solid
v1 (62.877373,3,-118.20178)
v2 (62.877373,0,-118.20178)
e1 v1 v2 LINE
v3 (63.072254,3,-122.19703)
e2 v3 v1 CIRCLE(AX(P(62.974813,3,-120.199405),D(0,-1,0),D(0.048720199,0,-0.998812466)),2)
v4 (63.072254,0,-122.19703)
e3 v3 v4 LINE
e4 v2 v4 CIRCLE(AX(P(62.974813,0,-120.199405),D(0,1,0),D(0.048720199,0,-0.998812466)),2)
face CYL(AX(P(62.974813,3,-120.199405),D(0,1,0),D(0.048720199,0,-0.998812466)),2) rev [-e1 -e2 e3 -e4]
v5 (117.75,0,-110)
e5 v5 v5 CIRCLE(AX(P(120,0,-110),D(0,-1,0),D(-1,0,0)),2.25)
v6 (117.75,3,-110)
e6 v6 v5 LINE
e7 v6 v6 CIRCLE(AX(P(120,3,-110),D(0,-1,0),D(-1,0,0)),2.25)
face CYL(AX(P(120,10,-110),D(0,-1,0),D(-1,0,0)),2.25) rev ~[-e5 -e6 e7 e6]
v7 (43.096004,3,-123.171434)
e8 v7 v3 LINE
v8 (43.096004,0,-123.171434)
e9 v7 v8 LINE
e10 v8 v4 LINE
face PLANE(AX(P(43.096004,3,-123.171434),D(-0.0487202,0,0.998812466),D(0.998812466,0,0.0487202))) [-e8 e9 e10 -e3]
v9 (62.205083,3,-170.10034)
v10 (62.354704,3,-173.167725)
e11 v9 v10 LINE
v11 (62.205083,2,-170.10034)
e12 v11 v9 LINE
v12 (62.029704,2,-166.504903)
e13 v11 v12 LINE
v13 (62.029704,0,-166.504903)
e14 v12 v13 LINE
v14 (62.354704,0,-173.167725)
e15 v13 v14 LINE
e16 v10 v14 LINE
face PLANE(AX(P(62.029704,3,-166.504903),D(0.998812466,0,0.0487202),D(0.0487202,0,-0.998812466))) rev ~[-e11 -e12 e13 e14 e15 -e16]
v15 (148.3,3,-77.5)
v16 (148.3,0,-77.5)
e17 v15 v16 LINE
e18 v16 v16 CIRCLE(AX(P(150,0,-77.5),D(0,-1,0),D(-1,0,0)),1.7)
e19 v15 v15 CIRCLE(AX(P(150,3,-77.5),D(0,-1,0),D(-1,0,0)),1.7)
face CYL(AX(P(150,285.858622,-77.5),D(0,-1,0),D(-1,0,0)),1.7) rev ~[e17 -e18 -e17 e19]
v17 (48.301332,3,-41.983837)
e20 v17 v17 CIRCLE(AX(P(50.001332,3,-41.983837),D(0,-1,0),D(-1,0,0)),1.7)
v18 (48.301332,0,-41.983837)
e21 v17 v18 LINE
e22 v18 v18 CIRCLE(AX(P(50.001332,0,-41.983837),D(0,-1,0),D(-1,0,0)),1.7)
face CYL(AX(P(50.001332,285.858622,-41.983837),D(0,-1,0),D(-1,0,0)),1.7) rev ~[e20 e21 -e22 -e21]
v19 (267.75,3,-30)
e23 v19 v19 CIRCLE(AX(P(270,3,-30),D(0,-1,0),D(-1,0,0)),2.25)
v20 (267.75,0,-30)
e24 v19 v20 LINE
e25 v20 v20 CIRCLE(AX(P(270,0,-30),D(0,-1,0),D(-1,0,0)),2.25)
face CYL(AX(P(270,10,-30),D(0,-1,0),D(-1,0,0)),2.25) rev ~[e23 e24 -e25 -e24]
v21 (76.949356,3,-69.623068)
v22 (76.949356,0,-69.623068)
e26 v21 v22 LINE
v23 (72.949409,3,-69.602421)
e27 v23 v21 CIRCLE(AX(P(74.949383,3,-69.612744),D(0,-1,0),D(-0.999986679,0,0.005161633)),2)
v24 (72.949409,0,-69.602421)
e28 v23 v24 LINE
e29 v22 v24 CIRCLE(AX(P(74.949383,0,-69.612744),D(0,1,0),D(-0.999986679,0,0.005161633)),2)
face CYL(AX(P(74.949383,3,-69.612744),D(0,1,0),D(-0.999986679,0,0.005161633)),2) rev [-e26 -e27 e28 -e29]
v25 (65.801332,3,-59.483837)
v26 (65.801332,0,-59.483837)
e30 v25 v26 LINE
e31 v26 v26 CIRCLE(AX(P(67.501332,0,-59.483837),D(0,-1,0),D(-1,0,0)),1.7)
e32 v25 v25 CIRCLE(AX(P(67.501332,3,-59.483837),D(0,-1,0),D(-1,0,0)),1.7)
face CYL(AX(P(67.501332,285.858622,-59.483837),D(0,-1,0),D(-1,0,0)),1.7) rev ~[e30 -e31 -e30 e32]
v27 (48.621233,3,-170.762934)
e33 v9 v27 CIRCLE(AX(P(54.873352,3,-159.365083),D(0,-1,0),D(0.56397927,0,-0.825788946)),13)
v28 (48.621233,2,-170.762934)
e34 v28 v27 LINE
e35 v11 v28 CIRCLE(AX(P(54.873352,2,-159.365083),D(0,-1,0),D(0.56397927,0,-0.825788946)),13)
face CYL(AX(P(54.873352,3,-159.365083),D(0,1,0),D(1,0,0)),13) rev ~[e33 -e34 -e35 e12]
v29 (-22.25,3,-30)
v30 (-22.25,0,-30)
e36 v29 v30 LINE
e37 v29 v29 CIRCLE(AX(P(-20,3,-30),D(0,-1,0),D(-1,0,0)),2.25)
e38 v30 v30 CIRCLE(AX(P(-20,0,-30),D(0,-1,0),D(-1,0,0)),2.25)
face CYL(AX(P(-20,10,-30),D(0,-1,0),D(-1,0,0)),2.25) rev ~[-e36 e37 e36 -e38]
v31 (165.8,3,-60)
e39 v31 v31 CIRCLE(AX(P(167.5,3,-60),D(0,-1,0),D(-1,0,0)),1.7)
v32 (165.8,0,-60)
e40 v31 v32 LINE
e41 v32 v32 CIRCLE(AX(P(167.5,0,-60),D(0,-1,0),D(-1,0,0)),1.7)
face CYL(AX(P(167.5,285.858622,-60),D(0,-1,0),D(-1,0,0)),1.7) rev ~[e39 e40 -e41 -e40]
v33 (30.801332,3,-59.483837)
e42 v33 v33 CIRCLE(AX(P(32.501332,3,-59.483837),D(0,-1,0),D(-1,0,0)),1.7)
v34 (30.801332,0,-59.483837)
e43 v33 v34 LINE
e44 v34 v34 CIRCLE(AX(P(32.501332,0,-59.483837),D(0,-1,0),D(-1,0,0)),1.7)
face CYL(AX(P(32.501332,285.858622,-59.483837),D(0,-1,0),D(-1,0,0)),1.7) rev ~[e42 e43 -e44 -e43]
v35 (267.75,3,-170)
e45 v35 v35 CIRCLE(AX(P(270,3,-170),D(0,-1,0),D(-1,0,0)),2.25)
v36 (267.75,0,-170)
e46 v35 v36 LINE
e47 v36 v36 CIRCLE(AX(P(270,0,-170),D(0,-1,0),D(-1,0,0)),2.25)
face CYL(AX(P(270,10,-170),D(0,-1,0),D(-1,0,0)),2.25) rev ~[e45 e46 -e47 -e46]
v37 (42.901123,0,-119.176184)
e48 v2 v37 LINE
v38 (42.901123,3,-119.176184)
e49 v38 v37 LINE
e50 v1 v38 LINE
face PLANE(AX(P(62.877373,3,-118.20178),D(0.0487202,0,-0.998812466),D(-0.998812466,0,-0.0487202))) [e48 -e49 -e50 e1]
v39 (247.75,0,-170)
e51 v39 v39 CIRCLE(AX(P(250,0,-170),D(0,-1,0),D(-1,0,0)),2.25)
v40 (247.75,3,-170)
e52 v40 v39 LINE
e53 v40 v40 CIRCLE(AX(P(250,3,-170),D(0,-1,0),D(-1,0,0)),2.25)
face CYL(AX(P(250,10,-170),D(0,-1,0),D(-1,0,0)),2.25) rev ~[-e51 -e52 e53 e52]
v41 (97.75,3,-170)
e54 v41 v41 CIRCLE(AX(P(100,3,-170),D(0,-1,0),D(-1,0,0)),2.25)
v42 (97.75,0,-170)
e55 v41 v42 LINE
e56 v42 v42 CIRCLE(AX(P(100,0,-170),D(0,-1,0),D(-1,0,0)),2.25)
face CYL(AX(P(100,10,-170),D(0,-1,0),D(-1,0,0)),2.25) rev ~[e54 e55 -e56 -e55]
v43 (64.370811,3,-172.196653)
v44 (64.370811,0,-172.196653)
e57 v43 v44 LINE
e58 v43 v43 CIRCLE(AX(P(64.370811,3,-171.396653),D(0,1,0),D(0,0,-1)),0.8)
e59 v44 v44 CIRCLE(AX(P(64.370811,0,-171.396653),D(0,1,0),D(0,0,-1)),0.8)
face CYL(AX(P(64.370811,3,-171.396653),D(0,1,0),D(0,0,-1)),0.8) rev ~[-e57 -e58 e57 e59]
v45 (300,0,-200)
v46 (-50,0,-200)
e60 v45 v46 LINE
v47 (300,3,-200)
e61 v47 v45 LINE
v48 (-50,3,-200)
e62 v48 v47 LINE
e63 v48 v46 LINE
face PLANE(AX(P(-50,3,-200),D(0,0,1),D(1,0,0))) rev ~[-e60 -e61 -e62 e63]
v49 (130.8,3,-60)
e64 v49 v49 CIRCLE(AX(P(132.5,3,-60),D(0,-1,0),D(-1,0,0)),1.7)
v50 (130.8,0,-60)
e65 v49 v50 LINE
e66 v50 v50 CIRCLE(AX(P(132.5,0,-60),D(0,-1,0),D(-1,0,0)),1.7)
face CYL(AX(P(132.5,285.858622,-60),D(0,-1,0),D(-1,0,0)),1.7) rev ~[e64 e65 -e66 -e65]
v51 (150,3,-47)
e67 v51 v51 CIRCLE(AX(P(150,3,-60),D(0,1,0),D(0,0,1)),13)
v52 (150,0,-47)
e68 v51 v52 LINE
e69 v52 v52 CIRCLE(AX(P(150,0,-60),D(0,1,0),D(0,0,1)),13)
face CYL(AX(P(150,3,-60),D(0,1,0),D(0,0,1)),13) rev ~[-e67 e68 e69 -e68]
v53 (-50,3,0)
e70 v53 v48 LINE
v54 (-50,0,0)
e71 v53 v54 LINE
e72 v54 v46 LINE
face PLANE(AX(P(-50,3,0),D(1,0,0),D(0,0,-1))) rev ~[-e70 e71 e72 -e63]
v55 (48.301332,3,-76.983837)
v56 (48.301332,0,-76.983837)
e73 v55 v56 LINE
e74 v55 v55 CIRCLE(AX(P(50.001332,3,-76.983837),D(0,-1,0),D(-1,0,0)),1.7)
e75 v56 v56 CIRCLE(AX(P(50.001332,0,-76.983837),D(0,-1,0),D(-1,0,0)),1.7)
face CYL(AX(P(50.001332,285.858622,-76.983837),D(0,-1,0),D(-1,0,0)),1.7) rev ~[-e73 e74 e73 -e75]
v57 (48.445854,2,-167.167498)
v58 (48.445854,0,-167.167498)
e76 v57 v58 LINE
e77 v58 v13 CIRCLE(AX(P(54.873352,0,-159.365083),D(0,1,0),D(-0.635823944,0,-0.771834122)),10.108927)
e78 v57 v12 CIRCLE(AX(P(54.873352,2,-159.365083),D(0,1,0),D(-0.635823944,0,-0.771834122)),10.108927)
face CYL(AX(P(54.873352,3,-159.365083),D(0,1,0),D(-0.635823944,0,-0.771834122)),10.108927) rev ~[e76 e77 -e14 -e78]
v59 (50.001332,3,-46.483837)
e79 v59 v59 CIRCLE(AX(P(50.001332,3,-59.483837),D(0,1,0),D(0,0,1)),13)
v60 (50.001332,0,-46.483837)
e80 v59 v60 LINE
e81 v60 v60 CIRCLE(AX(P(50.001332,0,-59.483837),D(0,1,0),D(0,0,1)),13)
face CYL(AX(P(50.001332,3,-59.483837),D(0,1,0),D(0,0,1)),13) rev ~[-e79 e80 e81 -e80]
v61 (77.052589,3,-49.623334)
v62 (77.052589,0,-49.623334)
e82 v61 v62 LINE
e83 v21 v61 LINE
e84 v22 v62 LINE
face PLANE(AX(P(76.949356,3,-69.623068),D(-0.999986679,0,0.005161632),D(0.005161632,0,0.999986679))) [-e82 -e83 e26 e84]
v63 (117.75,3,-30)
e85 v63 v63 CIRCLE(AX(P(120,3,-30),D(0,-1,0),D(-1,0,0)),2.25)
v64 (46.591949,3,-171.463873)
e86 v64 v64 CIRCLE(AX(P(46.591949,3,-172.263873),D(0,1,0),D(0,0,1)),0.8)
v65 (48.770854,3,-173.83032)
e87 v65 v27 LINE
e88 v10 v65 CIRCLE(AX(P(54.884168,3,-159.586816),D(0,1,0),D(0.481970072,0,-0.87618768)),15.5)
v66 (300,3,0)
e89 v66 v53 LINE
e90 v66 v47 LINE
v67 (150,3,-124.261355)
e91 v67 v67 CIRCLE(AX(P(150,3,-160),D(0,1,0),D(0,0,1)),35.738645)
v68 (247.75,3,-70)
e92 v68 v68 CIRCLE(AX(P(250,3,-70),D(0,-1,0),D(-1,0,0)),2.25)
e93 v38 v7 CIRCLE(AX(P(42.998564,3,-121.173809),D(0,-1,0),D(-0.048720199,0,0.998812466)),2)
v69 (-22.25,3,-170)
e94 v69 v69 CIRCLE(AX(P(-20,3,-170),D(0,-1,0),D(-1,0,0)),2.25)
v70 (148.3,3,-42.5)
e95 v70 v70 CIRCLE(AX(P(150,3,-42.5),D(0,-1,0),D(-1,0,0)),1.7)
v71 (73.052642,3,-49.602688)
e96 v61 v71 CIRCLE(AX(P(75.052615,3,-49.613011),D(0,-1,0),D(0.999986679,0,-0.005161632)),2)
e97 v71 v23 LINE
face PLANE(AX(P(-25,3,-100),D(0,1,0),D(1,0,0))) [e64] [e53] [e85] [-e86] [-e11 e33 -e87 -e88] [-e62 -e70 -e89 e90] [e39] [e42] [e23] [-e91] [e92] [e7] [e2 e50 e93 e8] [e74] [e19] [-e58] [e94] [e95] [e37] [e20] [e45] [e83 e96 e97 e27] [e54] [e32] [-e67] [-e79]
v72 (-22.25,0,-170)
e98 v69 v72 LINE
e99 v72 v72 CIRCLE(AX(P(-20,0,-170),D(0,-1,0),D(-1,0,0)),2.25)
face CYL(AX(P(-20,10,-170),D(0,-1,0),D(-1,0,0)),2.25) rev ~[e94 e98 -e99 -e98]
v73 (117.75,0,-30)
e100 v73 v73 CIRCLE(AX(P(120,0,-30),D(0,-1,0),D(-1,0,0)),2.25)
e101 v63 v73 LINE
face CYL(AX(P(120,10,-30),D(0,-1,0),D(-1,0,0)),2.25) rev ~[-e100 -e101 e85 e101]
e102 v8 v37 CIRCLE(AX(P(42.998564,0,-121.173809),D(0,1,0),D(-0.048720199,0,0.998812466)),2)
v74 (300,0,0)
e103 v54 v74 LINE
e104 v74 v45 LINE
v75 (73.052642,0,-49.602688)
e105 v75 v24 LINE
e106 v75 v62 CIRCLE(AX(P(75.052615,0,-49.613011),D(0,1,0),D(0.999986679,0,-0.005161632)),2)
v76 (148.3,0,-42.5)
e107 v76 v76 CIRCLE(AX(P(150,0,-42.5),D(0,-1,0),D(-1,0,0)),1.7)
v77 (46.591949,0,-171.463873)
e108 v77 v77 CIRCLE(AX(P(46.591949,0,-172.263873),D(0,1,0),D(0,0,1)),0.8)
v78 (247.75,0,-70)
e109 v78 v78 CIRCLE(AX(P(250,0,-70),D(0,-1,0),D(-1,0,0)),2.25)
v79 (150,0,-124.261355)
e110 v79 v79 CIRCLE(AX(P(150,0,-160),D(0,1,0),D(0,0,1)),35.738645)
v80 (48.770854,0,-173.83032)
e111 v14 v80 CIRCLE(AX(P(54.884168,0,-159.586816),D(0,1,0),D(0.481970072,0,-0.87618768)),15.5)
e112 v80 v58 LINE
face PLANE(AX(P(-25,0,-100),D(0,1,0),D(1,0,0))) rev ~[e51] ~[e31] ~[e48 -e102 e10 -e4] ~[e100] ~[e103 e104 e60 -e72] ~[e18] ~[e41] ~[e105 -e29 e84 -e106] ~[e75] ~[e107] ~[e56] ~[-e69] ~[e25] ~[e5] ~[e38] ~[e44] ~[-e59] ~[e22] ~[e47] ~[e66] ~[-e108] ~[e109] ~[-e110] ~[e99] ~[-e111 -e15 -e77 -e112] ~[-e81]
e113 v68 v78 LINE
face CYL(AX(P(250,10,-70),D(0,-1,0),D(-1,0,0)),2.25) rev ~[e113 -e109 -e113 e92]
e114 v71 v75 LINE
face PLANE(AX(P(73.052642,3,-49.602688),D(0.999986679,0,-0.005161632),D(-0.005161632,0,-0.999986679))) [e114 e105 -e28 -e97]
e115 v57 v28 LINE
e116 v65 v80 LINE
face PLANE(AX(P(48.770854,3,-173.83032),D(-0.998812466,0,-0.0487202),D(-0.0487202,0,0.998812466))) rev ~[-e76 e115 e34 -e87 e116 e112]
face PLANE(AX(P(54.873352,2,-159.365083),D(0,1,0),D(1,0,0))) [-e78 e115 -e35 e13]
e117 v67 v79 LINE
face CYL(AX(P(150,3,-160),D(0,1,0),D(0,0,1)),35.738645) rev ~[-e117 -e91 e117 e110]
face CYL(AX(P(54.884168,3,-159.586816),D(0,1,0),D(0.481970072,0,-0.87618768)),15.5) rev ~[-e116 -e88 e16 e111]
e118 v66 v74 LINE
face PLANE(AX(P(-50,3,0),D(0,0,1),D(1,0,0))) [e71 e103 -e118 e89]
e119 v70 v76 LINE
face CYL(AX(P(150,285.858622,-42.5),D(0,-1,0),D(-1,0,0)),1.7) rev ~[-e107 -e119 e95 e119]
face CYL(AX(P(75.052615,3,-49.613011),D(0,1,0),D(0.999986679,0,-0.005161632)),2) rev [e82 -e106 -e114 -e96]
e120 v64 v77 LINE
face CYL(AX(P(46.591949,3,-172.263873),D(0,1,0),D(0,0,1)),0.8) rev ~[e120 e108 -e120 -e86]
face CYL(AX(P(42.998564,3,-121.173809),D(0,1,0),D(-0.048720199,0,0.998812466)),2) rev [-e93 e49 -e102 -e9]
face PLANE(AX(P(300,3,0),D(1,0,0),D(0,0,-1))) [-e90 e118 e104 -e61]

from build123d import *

# Parameters (mm, degrees)
SKETCH1_W                = 200
SKETCH1_H                = 200
BOSS_EXTRUDE1_DEPTH      = 3
SKETCH2_R                = 13
SKETCH2_R_2              = 35.7386452
SKETCH2_R_3              = 0.8
CUT_EXTRUDE1_DEPTH       = 283.85862193
M3_CLEARANCE_HOLE1_D     = 3.4
SKETCH5_R                = 13
CUT_EXTRUDE2_DEPTH       = 1
SKETCH6_W                = 50
SKETCH6_H                = 200
SKETCH6_W_2              = 100
BOSS_EXTRUDE2_DEPTH      = 3
M4_CLEARANCE_HOLE1_D     = 4.5
M4_CLEARANCE_HOLE1_DEPTH = 7
M4_CLEARANCE_HOLE1_TIP   = 1.351936393
M4_CLEARANCE_HOLE2_D     = 4.5
M4_CLEARANCE_HOLE2_DEPTH = 7
M4_CLEARANCE_HOLE2_TIP   = 1.351936393


with BuildPart() as part:
    # Sketch1 → Boss-Extrude1 (new body)
    with BuildSketch(Plane(origin=(0, 0, 0), x_dir=(1, 0, 0), z_dir=(0, 1, 0))):
        with Locations((100, 100)):
            Rectangle(SKETCH1_W, SKETCH1_H)
    extrude(amount=BOSS_EXTRUDE1_DEPTH)

    # Sketch2 → Cut-Extrude1 (cut, through all)
    with BuildSketch(Plane(origin=(0, 3, 0), x_dir=(1, 0, 0), z_dir=(0, 1, 0))):
        with Locations(Location((50.001332131, 59.483836796, 0), (0, 0, 270))):
            Circle(SKETCH2_R)
        with Locations(Location((150, 60, 0), (0, 0, 270))):
            Circle(SKETCH2_R)
        with Locations(Location((150, 160, 0), (0, 0, 270))):
            Circle(SKETCH2_R_2)
        with Locations(Location((46.591949224, 172.263872743, 0), (0, 0, 270))):
            Circle(SKETCH2_R_3)
        with Locations(Location((64.370811118, 171.396653192, 0), (0, 0, 90))):
            Circle(SKETCH2_R_3)
        with BuildLine():
            Line((73.052642061, 49.602687546), (72.949409421, 69.60242112))
            ThreePointArc((72.949409421, 69.60242112), (74.939059514, 71.612717742), (76.949356135, 69.623067648))
            Line((76.949356135, 69.623067648), (77.052588776, 49.623334074))
            ThreePointArc((77.052588776, 49.623334074), (75.062938683, 47.613037453), (73.052642061, 49.602687546))
        make_face()
        with BuildLine():
            Line((62.029703942, 166.504903281), (62.354703913, 173.16772538))
            ThreePointArc((62.354703913, 173.16772538), (55.639330891, 175.068409569), (48.770854376, 173.830320093))
            Line((48.770854376, 173.830320093), (48.445854405, 167.167497995))
            ThreePointArc((48.445854405, 167.167497995), (54.380843153, 149.268161339), (62.029703942, 166.504903281))
        make_face()
        with BuildLine():
            Line((62.877372778, 118.201780064), (42.901123459, 119.176184054))
            ThreePointArc((42.901123459, 119.176184054), (41.000938926, 121.271249385), (43.096004257, 123.171433918))
            Line((43.096004257, 123.171433918), (63.072253576, 122.197029928))
            ThreePointArc((63.072253576, 122.197029928), (64.972438109, 120.101964597), (62.877372778, 118.201780064))
        make_face()
    extrude(amount=-CUT_EXTRUDE1_DEPTH, mode=Mode.SUBTRACT)

    # M3 Clearance Hole1 (through all)
    with Locations(Plane(origin=(0, 3, 0), x_dir=(1, 0, 0), z_dir=(0, 1, 0))):
        with Locations((132.5, 60), (150, 77.5), (150, 42.5), (167.5, 60), (50.001332131, 76.983836796), (50.001332131, 41.983836796), (67.501332131, 59.483836796), (32.501332131, 59.483836796)):
            Hole(M3_CLEARANCE_HOLE1_D / 2)

    # Sketch5 → Cut-Extrude2 (cut)
    with BuildSketch(Plane(origin=(0, 3, 0), x_dir=(1, 0, 0), z_dir=(0, 1, 0))):
        with Locations((54.873352081, 159.365083393)):
            Circle(SKETCH5_R)
    extrude(amount=-CUT_EXTRUDE2_DEPTH, mode=Mode.SUBTRACT)

    # Sketch6 → Boss-Extrude2 (add)
    with BuildSketch(Plane(origin=(0, 3, 0), x_dir=(1, 0, 0), z_dir=(0, 1, 0))):
        with Locations((-25, 100)):
            Rectangle(SKETCH6_W, SKETCH6_H)
        with Locations((250, 100)):
            Rectangle(SKETCH6_W_2, SKETCH6_H)
    extrude(amount=-BOSS_EXTRUDE2_DEPTH)

    # M4 Clearance Hole1
    with Locations(Plane(origin=(0, 3, 0), x_dir=(1, 0, 0), z_dir=(0, 1, 0))):
        with Locations((100, 170), (250, 170), (250, 70)):
            Hole(M4_CLEARANCE_HOLE1_D / 2, depth=M4_CLEARANCE_HOLE1_DEPTH)
            with Locations((0, 0, -(M4_CLEARANCE_HOLE1_DEPTH + M4_CLEARANCE_HOLE1_TIP / 2))):  # 118° drill point
                Cone(0, M4_CLEARANCE_HOLE1_D / 2, M4_CLEARANCE_HOLE1_TIP, mode=Mode.SUBTRACT)

    # M4 Clearance Hole2
    with Locations(Plane(origin=(0, 3, 0), x_dir=(1, 0, 0), z_dir=(0, 1, 0))):
        with Locations((-20, 30), (270, 30), (-20, 170), (270, 170), (120, 110), (120, 30)):
            Hole(M4_CLEARANCE_HOLE2_D / 2, depth=M4_CLEARANCE_HOLE2_DEPTH)
            with Locations((0, 0, -(M4_CLEARANCE_HOLE2_DEPTH + M4_CLEARANCE_HOLE2_TIP / 2))):  # 118° drill point
                Cone(0, M4_CLEARANCE_HOLE2_D / 2, M4_CLEARANCE_HOLE2_TIP, mode=Mode.SUBTRACT)


solid = part.part
